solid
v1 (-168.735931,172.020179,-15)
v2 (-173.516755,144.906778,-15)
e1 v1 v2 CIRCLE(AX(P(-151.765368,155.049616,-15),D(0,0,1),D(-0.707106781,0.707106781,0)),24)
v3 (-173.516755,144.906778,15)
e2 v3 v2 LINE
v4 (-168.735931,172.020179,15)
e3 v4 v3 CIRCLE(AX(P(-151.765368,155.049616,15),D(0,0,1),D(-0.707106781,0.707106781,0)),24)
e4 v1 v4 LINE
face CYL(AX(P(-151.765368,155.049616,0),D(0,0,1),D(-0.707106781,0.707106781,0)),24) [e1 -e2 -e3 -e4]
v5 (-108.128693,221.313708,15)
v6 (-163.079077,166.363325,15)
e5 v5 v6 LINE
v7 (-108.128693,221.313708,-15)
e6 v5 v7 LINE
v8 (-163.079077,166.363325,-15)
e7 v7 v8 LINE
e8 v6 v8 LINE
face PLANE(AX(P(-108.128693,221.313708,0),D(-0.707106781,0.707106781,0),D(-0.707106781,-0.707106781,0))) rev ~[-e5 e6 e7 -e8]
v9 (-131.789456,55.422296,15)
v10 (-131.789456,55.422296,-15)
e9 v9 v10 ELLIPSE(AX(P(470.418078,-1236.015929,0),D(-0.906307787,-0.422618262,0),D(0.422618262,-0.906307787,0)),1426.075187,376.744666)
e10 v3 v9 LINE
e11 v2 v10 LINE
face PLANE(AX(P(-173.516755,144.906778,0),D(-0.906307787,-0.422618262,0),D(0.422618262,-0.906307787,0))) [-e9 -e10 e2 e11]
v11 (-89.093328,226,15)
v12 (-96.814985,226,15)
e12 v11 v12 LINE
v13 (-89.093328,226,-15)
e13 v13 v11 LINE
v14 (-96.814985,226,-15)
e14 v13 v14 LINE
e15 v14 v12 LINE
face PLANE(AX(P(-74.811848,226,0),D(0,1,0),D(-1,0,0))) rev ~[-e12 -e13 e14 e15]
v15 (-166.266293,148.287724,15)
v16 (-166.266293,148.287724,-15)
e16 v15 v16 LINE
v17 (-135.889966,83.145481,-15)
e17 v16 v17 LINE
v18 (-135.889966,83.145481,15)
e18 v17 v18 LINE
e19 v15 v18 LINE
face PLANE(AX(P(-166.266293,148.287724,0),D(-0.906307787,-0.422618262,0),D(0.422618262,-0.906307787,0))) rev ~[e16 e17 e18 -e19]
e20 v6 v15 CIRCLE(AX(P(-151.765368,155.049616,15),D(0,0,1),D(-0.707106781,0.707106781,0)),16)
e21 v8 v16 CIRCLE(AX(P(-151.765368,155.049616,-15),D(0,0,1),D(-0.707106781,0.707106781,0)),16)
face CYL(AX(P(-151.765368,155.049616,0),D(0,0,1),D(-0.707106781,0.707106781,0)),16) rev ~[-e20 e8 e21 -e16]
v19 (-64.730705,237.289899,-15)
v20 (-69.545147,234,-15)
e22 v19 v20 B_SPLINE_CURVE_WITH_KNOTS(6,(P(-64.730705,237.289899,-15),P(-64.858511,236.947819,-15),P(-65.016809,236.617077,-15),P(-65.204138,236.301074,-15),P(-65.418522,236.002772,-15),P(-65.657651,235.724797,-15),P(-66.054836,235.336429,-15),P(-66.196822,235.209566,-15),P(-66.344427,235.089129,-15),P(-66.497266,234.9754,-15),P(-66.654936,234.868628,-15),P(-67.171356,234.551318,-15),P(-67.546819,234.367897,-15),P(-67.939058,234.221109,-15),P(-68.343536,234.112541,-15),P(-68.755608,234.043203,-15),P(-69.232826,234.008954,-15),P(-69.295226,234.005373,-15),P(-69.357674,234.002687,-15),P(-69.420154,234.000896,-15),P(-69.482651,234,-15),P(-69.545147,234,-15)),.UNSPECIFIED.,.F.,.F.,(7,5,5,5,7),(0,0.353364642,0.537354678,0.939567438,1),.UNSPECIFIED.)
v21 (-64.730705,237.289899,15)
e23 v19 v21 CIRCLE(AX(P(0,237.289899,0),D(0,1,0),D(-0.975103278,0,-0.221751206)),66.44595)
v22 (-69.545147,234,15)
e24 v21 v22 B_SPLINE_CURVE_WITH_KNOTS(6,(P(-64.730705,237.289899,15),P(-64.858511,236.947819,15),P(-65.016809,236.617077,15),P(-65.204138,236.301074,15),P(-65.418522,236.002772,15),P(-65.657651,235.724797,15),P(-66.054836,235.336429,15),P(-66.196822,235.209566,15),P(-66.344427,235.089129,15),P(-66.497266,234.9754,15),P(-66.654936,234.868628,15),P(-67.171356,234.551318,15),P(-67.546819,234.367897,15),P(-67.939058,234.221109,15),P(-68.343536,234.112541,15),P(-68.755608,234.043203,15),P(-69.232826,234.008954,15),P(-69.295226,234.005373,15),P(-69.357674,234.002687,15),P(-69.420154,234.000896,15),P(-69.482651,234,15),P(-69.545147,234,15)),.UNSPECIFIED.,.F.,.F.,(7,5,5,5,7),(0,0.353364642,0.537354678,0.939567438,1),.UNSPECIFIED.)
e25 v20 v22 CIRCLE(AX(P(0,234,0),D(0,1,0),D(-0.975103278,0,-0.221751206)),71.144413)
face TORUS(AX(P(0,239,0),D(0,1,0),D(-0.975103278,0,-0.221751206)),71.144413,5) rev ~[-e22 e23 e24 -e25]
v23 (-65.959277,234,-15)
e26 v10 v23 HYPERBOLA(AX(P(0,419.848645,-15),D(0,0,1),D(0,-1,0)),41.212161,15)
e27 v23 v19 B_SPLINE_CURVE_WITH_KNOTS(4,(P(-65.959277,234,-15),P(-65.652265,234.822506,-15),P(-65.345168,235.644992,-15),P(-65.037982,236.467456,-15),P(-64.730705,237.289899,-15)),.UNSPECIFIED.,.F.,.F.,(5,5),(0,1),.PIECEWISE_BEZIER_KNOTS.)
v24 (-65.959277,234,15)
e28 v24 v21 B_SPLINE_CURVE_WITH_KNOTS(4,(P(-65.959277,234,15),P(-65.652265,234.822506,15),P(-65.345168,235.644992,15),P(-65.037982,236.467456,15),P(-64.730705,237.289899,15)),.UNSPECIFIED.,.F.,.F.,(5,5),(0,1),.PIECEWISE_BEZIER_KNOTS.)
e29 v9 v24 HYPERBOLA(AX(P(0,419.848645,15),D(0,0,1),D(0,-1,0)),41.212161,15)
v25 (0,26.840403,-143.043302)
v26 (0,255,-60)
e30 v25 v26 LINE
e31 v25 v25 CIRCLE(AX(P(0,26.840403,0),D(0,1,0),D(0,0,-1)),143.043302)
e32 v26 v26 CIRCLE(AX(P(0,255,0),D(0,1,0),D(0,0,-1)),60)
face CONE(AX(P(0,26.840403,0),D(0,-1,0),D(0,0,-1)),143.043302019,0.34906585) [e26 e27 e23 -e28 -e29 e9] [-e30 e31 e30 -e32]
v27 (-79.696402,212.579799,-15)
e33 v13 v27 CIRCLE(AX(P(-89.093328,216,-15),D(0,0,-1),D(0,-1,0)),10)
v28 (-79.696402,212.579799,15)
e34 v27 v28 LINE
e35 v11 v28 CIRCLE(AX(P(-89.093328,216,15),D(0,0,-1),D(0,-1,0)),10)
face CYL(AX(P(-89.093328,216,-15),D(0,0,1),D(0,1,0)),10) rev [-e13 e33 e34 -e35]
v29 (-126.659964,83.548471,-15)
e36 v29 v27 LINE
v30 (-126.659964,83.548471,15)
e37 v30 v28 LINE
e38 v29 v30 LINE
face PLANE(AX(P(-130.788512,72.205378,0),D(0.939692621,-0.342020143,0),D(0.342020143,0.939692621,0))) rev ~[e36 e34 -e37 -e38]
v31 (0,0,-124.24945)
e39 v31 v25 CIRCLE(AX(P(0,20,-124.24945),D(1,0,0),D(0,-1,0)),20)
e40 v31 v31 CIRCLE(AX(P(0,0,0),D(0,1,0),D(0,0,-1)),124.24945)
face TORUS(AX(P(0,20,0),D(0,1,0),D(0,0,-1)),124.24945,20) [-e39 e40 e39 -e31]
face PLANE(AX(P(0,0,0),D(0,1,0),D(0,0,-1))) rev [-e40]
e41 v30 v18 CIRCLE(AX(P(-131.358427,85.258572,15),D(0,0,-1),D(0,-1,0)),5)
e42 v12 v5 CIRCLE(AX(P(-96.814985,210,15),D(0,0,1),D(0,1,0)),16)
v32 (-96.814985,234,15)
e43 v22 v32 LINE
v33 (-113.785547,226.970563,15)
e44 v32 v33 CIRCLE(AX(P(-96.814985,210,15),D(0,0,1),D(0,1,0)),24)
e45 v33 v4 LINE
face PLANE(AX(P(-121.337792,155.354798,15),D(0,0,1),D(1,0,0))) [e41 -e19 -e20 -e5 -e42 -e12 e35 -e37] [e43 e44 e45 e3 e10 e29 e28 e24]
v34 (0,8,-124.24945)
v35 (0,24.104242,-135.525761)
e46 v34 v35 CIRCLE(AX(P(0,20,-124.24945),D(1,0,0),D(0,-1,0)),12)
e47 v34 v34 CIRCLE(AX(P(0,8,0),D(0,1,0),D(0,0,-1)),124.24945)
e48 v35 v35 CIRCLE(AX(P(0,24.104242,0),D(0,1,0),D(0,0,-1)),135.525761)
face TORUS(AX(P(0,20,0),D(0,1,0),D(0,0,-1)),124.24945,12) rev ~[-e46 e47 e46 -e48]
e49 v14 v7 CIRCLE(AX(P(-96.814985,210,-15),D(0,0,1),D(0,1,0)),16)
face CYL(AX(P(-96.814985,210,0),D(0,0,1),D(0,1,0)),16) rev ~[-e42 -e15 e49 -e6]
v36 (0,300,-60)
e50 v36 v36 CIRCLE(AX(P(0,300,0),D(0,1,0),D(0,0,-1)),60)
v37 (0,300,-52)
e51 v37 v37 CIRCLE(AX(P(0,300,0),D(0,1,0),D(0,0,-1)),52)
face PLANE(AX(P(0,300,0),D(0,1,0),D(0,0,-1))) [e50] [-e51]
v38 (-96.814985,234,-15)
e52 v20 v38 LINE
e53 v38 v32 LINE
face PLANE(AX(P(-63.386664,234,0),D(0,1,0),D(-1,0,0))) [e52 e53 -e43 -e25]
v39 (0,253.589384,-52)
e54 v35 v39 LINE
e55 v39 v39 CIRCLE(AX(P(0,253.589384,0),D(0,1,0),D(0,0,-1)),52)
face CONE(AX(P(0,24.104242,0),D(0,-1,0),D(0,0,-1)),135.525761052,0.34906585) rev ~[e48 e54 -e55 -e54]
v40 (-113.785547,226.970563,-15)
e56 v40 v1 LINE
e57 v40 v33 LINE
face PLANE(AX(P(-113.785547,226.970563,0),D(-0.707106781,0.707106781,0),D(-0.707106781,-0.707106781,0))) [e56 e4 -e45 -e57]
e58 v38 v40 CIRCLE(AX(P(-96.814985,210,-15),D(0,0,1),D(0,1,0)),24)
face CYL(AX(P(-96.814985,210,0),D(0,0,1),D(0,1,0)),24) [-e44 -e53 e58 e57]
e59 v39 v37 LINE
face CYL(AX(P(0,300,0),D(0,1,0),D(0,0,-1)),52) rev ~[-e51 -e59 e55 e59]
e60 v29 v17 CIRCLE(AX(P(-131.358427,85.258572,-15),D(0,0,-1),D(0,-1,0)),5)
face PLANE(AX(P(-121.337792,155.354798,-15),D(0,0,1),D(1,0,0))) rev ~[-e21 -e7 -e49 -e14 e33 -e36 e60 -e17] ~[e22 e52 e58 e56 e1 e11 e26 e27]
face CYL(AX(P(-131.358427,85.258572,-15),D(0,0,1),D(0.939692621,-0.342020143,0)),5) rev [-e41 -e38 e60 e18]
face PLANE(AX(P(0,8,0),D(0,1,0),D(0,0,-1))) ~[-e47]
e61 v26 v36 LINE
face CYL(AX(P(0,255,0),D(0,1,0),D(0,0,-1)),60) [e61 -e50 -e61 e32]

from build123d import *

# Parameters (mm, degrees)
SKETCH_2_R          = 52
CUT_EXTRUDE_1_DEPTH = 292
EXTRUDE_2_DEPTH     = 15
FILLET_1_R          = 10
FILLET_2_R          = 5
FILLET_3_R          = 5


with BuildPart() as part:
    # 草图1 → 旋转2 (revolve)
    with BuildSketch(Plane.XY, mode=Mode.PRIVATE) as revolve_2_sk:
        with BuildLine():
            Line((0, 0), (-124.249449603, 0))
            ThreePointArc((-124.249449603, 0), (-140.632490489, 8.528471273), (-143.043302019, 26.840402867))
            Line((-143.043302019, 26.840402867), (-60, 255))
            Line((-60, 255), (-60, 300))
            Line((-60, 300), (0, 300))
            Line((0, 300), (0, 0))
        make_face()
        with BuildLine():
            Line((-8, 8), (-124.249449603, 8))
            ThreePointArc((-124.249449603, 8), (-134.079274135, 13.117082764), (-135.525761052, 24.10424172))
            Line((-135.525761052, 24.10424172), (-52, 253.589384154))
            Line((-52, 253.589384154), (-52, 292))
            Line((-52, 292), (-8, 292))
            Line((-8, 292), (-8, 8))
        make_face(mode=Mode.SUBTRACT)
    revolve(revolve_2_sk.sketch.rotate(Axis((0, -74.77110885, 0), (0, 1, 0)), 270), axis=Axis((0, -74.77110885, 0), (0, 1, 0)))

    # 草图2 → 切除-拉伸1 (cut)
    with BuildSketch(Plane(origin=(0, 300, 0), x_dir=(1, 0, 0), z_dir=(0, 1, 0))):
        with Locations(Location((0, 0, 0), (0, 0, 90))):
            Circle(SKETCH_2_R)
    extrude(amount=-CUT_EXTRUDE_1_DEPTH, mode=Mode.SUBTRACT)

    # 草图5 → 凸台-拉伸2 (add, symmetric)
    # profile 1 of 2: a face of its own
    with BuildSketch(Plane.XY):
        with BuildLine():
            Line((-63.38666383, 234), (-96.814984609, 234))
            ThreePointArc((-96.814984609, 234), (-105.999386986, 232.17310878), (-113.785547358, 226.970562748))
            Line((-113.785547358, 226.970562748), (-168.73593113, 172.020178976))
            ThreePointArc((-168.73593113, 172.020178976), (-175.400754454, 159.217172492), (-173.51675527, 144.906777946))
            Line((-173.51675527, 144.906777946), (-129.876648813, 51.320267637))
            Line((-129.876648813, 51.320267637), (-63.38666383, 234))
        make_face()
        with BuildLine():
            ThreePointArc((-96.814984609, 230), (-104.468653256, 228.47759065), (-110.957120233, 224.142135624))
            Line((-110.957120233, 224.142135624), (-165.907504005, 169.191751851))
            ThreePointArc((-165.907504005, 169.191751851), (-171.461523442, 158.522579781), (-169.891524122, 146.597250993))
            Line((-169.891524122, 146.597250993), (-130.332580622, 61.762822889))
            Line((-130.332580622, 61.762822889), (-69.099255857, 230))
            Line((-69.099255857, 230), (-96.814984609, 230))
        make_face(mode=Mode.SUBTRACT)
    # profile 2 of 2: a face of its own
    with BuildSketch(Plane.XY):
        with BuildLine():
            Line((-69.099255857, 230), (-96.814984609, 230))
            ThreePointArc((-96.814984609, 230), (-104.468653256, 228.47759065), (-110.957120233, 224.142135624))
            Line((-110.957120233, 224.142135624), (-165.907504005, 169.191751851))
            ThreePointArc((-165.907504005, 169.191751851), (-171.461523442, 158.522579781), (-169.891524122, 146.597250993))
            Line((-169.891524122, 146.597250993), (-130.332580622, 61.762822889))
            Line((-130.332580622, 61.762822889), (-69.099255857, 230))
        make_face()
        with BuildLine():
            ThreePointArc((-96.814984609, 226), (-102.937919527, 224.78207252), (-108.128693108, 221.313708499))
            Line((-108.128693108, 221.313708499), (-163.07907688, 166.363324727))
            ThreePointArc((-163.07907688, 166.363324727), (-167.52229243, 157.82798707), (-166.266292974, 148.28772404))
            Line((-166.266292974, 148.28772404), (-130.788512431, 72.20537814))
            Line((-130.788512431, 72.20537814), (-74.811847884, 226))
            Line((-74.811847884, 226), (-96.814984609, 226))
        make_face(mode=Mode.SUBTRACT)
    extrude(amount=EXTRUDE_2_DEPTH, both=True)

    # 圆角1
    fillet_1_edges = [part.edges().sort_by_distance(p)[0] for p in [
        (-74.811847884, 226, 0),
    ]]
    fillet(fillet_1_edges, radius=FILLET_1_R)

    # 圆角2
    fillet_2_edges = [part.edges().sort_by_distance(p)[0] for p in [
        (-130.788512431, 72.20537814, 0),
    ]]
    fillet(fillet_2_edges, radius=FILLET_2_R)

    # 圆角3
    fillet_3_edges = [part.edges().sort_by_distance(p)[0] for p in [
        (-67.64337492, 234, 0),
    ]]
    fillet(fillet_3_edges, radius=FILLET_3_R)


solid = part.part
